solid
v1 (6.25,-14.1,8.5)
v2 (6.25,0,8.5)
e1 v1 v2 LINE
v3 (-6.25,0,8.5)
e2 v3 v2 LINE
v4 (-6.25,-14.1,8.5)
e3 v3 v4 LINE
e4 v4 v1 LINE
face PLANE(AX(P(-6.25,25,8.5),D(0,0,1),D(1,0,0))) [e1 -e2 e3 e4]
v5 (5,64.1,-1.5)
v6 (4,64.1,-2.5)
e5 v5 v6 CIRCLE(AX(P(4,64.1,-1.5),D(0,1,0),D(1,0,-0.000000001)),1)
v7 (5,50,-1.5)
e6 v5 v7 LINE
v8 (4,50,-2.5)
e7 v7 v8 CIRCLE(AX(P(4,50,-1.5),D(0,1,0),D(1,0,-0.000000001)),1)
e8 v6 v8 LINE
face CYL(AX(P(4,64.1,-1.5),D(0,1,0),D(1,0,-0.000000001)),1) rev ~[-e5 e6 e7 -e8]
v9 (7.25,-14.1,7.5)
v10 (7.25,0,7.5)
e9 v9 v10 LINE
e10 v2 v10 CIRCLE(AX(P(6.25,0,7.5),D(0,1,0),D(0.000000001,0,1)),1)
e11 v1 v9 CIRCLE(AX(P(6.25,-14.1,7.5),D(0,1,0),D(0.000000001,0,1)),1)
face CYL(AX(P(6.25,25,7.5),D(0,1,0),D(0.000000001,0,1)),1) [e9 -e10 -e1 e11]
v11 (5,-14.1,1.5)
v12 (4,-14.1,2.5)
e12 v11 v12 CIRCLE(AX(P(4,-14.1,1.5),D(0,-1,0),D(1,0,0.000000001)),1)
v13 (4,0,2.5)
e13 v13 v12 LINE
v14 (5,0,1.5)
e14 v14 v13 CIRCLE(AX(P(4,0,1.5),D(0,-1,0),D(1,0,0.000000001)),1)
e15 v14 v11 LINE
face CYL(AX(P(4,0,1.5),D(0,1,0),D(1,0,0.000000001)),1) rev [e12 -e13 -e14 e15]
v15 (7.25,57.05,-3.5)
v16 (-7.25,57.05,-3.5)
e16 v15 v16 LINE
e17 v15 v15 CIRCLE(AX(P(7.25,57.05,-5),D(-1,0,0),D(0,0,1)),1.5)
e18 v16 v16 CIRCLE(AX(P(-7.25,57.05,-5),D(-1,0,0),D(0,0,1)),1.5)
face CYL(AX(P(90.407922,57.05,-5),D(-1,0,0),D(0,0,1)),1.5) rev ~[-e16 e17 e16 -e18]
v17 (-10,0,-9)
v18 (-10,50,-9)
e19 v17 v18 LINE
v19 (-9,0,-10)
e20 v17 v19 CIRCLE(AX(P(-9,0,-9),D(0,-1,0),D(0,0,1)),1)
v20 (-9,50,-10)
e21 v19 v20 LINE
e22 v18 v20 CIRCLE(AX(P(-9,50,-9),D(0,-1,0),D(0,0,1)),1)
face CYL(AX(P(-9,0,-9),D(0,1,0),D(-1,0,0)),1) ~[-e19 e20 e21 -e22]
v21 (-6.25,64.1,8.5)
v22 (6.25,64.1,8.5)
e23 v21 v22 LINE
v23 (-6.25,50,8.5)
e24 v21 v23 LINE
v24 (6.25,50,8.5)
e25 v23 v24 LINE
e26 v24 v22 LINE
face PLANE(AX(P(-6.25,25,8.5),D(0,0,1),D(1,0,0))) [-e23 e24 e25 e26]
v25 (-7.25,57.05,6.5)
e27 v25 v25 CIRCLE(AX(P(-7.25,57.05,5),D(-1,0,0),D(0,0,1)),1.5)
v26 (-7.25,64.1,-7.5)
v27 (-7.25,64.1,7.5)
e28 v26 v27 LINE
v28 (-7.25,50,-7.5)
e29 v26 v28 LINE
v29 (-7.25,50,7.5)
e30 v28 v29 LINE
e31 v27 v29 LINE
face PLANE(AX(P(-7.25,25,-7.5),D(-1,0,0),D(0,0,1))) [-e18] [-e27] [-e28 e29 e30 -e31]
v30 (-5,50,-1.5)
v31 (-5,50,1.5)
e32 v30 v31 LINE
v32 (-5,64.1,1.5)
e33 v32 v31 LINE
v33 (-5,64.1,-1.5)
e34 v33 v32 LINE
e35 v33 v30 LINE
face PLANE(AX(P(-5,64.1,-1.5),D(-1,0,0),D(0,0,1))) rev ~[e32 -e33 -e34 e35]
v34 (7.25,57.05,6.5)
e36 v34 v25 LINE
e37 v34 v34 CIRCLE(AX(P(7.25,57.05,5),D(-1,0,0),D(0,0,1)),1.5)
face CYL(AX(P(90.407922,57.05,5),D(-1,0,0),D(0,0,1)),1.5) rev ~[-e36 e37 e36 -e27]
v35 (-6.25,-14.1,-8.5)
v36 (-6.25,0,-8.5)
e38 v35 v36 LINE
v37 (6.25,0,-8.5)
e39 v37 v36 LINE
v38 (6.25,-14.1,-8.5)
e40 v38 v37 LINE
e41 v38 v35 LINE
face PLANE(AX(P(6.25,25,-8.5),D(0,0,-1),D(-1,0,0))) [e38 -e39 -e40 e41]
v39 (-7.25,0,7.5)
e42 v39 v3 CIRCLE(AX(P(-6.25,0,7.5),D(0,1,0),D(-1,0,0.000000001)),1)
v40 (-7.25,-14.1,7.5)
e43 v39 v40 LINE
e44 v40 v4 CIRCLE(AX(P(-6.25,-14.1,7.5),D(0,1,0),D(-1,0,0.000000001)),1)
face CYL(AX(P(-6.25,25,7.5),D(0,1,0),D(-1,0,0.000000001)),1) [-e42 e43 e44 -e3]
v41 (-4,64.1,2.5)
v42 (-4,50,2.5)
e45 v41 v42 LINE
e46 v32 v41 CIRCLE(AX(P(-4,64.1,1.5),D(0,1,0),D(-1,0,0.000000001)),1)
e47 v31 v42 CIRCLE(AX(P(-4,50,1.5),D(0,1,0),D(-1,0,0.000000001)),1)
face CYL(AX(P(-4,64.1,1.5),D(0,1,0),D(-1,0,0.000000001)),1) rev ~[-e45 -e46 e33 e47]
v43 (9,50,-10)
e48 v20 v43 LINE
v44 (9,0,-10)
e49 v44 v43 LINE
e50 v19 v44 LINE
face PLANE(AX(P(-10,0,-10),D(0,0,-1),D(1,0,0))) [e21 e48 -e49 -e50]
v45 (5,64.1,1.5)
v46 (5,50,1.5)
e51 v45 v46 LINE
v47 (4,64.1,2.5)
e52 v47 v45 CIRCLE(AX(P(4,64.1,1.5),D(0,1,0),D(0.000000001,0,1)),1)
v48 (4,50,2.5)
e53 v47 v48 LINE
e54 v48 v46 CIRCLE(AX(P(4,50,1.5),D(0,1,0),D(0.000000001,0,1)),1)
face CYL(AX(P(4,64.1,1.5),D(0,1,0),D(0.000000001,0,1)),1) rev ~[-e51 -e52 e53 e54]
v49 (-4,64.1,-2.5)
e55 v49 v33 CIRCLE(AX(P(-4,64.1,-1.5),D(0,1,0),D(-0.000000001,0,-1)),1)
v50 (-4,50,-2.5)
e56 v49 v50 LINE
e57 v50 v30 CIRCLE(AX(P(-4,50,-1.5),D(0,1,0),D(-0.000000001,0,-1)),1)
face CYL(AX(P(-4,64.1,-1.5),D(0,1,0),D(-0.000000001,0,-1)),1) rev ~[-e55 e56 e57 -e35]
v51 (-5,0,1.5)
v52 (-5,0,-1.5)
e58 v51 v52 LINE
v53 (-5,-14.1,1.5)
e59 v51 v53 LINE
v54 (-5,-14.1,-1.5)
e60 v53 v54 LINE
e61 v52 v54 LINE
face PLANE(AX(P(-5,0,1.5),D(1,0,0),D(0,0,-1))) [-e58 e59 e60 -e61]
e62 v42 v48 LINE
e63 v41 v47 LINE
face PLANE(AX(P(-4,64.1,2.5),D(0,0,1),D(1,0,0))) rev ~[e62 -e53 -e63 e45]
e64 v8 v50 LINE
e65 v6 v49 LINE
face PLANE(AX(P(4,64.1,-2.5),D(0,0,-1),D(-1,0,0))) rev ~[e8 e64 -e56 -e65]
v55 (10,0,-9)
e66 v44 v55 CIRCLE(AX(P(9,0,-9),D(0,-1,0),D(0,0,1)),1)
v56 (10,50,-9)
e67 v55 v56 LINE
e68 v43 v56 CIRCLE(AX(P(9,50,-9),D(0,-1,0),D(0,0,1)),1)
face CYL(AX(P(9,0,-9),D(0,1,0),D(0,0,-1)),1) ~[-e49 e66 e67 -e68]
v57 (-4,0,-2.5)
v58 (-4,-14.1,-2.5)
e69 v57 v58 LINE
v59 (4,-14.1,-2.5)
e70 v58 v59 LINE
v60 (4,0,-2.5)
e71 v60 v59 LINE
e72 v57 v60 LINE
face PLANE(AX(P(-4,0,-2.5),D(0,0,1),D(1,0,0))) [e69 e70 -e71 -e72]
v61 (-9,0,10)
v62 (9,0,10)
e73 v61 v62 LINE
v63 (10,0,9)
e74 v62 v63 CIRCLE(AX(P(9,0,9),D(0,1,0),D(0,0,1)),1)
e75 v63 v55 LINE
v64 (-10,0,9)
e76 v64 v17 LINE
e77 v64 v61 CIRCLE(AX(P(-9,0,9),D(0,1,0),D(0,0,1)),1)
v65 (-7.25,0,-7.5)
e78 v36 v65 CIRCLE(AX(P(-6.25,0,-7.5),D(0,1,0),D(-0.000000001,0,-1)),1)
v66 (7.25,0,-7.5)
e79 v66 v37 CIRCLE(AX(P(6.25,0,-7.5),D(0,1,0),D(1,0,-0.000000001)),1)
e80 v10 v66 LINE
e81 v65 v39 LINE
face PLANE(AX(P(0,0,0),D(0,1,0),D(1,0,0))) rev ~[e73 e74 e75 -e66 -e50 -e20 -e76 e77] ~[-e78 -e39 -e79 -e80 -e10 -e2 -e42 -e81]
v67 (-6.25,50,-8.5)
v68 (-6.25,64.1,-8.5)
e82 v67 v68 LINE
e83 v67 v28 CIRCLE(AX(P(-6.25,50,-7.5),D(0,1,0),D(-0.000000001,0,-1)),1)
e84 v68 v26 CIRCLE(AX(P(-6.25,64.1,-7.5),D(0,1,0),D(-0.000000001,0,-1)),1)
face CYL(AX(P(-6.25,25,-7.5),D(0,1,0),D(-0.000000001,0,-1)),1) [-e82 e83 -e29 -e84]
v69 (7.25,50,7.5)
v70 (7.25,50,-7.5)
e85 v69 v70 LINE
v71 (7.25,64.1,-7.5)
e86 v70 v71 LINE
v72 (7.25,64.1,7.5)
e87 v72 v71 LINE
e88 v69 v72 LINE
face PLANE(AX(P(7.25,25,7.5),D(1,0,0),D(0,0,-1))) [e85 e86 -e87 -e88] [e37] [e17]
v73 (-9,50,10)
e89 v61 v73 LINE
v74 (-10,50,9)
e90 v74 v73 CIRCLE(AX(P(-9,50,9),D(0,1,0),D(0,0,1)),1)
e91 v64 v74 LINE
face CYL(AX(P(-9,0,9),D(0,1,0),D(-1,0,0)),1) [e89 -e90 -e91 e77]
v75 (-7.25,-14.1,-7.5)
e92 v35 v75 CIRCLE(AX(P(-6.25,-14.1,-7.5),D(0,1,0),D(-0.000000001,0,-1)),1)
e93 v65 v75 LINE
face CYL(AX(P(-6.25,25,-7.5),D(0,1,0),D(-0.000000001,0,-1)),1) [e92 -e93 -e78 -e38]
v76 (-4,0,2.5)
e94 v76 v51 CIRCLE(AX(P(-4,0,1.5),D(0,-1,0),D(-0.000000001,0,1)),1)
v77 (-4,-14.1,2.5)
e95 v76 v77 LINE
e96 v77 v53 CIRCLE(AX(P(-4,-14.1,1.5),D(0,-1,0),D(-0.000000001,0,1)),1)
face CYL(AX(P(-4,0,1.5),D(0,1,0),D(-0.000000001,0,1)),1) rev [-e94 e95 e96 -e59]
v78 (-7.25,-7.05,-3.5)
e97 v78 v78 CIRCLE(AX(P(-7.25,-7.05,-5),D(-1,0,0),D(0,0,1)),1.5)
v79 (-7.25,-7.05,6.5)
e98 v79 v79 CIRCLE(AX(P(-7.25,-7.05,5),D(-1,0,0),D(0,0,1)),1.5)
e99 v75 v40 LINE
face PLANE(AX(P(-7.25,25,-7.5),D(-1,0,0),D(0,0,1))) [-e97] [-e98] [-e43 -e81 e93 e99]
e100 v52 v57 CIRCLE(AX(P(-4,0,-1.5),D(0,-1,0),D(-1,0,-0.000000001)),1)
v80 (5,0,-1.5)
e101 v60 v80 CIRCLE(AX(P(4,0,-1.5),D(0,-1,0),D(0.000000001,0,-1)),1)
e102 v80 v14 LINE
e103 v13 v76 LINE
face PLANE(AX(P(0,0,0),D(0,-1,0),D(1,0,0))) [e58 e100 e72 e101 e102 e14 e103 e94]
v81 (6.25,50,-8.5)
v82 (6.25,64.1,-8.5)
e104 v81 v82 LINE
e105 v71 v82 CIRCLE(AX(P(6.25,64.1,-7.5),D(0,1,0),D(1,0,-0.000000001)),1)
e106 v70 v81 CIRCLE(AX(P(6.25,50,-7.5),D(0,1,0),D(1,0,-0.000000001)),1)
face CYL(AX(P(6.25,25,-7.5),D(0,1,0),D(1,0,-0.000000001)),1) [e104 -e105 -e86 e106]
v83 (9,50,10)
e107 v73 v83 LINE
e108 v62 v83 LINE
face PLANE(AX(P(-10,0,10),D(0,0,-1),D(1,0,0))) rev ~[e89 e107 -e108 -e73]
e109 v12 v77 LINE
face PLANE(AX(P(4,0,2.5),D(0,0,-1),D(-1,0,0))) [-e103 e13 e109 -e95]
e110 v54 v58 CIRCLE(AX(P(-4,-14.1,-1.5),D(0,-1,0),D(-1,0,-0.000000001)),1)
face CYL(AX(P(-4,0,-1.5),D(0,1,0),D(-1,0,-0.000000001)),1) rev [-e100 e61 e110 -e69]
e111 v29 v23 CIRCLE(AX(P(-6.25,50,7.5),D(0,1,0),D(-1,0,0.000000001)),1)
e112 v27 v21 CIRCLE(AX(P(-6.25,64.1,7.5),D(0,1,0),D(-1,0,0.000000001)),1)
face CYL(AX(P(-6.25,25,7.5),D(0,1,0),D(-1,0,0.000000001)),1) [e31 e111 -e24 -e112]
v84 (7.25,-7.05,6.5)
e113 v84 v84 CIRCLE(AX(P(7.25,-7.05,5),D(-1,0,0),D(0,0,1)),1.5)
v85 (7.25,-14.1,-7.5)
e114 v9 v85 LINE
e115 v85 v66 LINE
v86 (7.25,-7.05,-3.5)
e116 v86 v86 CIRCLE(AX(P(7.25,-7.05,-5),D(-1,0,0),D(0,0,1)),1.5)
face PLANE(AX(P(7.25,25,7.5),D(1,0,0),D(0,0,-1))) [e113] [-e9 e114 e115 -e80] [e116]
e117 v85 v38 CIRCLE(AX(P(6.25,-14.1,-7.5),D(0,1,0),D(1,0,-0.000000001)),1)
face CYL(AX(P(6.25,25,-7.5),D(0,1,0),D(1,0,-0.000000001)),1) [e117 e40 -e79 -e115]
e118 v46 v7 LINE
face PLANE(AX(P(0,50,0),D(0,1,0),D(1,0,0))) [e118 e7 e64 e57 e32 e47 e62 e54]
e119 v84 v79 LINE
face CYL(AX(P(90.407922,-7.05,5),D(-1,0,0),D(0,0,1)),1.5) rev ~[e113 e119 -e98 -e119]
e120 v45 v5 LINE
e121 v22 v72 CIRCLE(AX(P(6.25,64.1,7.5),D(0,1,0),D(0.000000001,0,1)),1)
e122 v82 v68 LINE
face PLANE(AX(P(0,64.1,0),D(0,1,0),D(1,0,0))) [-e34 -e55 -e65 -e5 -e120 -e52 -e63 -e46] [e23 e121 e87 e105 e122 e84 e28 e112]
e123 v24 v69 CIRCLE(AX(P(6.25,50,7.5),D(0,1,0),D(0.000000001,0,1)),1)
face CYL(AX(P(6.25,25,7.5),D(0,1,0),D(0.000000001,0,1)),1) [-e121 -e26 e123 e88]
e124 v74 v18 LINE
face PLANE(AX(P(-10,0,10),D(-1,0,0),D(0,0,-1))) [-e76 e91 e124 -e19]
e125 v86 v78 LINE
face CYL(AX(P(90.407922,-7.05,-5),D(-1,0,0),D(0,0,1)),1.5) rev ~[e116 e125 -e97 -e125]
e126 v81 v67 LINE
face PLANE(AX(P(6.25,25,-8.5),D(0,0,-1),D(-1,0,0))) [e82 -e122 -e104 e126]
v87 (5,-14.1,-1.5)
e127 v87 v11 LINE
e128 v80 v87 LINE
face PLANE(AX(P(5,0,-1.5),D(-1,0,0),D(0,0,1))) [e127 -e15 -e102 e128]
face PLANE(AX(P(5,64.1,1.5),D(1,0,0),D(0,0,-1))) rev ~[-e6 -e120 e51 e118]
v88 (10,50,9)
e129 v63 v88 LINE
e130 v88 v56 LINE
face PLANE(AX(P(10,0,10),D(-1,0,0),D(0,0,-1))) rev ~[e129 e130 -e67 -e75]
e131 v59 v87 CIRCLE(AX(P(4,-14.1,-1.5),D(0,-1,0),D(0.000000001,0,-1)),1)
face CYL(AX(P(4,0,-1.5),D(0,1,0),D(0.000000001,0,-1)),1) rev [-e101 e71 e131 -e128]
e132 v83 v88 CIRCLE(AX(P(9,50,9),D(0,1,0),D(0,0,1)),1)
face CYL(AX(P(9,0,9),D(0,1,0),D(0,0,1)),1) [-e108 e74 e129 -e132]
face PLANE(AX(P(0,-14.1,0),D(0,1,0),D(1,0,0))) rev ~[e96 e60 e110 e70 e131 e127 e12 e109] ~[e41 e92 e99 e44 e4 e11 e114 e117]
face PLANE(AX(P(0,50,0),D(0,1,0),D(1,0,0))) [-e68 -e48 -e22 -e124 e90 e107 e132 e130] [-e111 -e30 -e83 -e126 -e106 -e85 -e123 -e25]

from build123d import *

# Parameters (mm, degrees)
SKETCH1_W             = 20
SKETCH1_H             = 20
BOSS_EXTRUDE1_DEPTH   = 50
BOSS_EXTRUDE2_DEPTH   = 39.1
CUT_EXTRUDE1_DEPTH    = 14.1
CUT_EXTRUDE2_START    = -14.1
CUT_EXTRUDE2_DEPTH    = 14.1
M3X0_5_TAPPED_HOLE1_D = 3
FILLET1_R             = 1


with BuildPart() as part:
    # Sketch1 → Boss-Extrude1 (new body)
    with BuildSketch(Plane(origin=(0, 0, 0), x_dir=(1, 0, 0), z_dir=(0, 1, 0))):
        Rectangle(SKETCH1_W, SKETCH1_H)
    extrude(amount=BOSS_EXTRUDE1_DEPTH)

    # Sketch2 → Boss-Extrude2 (add, symmetric)
    with BuildSketch(Plane(origin=(0, 25, 0), x_dir=(1, 0, 0), z_dir=(0, 1, 0))):
        with BuildLine():
            Line((-6.25, -8.5), (6.25, -8.5))
            ThreePointArc((6.25, -8.5), (6.957106781, -8.207106781), (7.25, -7.5))
            Line((7.25, -7.5), (7.25, 7.5))
            ThreePointArc((7.25, 7.5), (6.957106781, 8.207106781), (6.25, 8.5))
            Line((6.25, 8.5), (-6.25, 8.5))
            ThreePointArc((-6.25, 8.5), (-6.957106781, 8.207106781), (-7.25, 7.5))
            Line((-7.25, 7.5), (-7.25, -7.5))
            ThreePointArc((-7.25, -7.5), (-6.957106781, -8.207106781), (-6.25, -8.5))
        make_face()
    extrude(amount=BOSS_EXTRUDE2_DEPTH, both=True)

    # Sketch3 → Cut-Extrude1 (cut)
    with BuildSketch(Plane(origin=(0, 64.1, 0), x_dir=(1, 0, 0), z_dir=(0, 1, 0))):
        with BuildLine():
            Line((-4, -2.5), (4, -2.5))
            ThreePointArc((4, -2.5), (4.707106781, -2.207106781), (5, -1.5))
            Line((5, -1.5), (5, 1.5))
            ThreePointArc((5, 1.5), (4.707106781, 2.207106781), (4, 2.5))
            Line((4, 2.5), (-4, 2.5))
            ThreePointArc((-4, 2.5), (-4.707106781, 2.207106781), (-5, 1.5))
            Line((-5, 1.5), (-5, -1.5))
            ThreePointArc((-5, -1.5), (-4.707106781, -2.207106781), (-4, -2.5))
        make_face()
    extrude(amount=-CUT_EXTRUDE1_DEPTH, mode=Mode.SUBTRACT)

    # Sketch4 → Cut-Extrude2 (cut)
    with BuildSketch(Plane.XZ.offset(14.1).offset(CUT_EXTRUDE2_START)):
        with BuildLine():
            Line((-4, -2.5), (4, -2.5))
            ThreePointArc((4, -2.5), (4.707106781, -2.207106781), (5, -1.5))
            Line((5, -1.5), (5, 1.5))
            ThreePointArc((5, 1.5), (4.707106781, 2.207106781), (4, 2.5))
            Line((4, 2.5), (-4, 2.5))
            ThreePointArc((-4, 2.5), (-4.707106781, 2.207106781), (-5, 1.5))
            Line((-5, 1.5), (-5, -1.5))
            ThreePointArc((-5, -1.5), (-4.707106781, -2.207106781), (-4, -2.5))
        make_face()
    extrude(amount=CUT_EXTRUDE2_DEPTH, mode=Mode.SUBTRACT)

    # M3x0.5 Tapped Hole1 (through all)
    with Locations(Plane(origin=(7.25, 0, 0), x_dir=(0, 0, -1), z_dir=(1, 0, 0))):
        with Locations((5, 57.05), (5, -7.05), (-5, 57.05), (-5, -7.05)):
            Hole(M3X0_5_TAPPED_HOLE1_D / 2)

    # Fillet1
    fillet1_edges = [part.edges().sort_by_distance(p)[0] for p in [
        (10, 25, 10),
        (-10, 25, 10),
        (-10, 25, -10),
        (10, 25, -10),
    ]]
    fillet(fillet1_edges, radius=FILLET1_R)


solid = part.part
